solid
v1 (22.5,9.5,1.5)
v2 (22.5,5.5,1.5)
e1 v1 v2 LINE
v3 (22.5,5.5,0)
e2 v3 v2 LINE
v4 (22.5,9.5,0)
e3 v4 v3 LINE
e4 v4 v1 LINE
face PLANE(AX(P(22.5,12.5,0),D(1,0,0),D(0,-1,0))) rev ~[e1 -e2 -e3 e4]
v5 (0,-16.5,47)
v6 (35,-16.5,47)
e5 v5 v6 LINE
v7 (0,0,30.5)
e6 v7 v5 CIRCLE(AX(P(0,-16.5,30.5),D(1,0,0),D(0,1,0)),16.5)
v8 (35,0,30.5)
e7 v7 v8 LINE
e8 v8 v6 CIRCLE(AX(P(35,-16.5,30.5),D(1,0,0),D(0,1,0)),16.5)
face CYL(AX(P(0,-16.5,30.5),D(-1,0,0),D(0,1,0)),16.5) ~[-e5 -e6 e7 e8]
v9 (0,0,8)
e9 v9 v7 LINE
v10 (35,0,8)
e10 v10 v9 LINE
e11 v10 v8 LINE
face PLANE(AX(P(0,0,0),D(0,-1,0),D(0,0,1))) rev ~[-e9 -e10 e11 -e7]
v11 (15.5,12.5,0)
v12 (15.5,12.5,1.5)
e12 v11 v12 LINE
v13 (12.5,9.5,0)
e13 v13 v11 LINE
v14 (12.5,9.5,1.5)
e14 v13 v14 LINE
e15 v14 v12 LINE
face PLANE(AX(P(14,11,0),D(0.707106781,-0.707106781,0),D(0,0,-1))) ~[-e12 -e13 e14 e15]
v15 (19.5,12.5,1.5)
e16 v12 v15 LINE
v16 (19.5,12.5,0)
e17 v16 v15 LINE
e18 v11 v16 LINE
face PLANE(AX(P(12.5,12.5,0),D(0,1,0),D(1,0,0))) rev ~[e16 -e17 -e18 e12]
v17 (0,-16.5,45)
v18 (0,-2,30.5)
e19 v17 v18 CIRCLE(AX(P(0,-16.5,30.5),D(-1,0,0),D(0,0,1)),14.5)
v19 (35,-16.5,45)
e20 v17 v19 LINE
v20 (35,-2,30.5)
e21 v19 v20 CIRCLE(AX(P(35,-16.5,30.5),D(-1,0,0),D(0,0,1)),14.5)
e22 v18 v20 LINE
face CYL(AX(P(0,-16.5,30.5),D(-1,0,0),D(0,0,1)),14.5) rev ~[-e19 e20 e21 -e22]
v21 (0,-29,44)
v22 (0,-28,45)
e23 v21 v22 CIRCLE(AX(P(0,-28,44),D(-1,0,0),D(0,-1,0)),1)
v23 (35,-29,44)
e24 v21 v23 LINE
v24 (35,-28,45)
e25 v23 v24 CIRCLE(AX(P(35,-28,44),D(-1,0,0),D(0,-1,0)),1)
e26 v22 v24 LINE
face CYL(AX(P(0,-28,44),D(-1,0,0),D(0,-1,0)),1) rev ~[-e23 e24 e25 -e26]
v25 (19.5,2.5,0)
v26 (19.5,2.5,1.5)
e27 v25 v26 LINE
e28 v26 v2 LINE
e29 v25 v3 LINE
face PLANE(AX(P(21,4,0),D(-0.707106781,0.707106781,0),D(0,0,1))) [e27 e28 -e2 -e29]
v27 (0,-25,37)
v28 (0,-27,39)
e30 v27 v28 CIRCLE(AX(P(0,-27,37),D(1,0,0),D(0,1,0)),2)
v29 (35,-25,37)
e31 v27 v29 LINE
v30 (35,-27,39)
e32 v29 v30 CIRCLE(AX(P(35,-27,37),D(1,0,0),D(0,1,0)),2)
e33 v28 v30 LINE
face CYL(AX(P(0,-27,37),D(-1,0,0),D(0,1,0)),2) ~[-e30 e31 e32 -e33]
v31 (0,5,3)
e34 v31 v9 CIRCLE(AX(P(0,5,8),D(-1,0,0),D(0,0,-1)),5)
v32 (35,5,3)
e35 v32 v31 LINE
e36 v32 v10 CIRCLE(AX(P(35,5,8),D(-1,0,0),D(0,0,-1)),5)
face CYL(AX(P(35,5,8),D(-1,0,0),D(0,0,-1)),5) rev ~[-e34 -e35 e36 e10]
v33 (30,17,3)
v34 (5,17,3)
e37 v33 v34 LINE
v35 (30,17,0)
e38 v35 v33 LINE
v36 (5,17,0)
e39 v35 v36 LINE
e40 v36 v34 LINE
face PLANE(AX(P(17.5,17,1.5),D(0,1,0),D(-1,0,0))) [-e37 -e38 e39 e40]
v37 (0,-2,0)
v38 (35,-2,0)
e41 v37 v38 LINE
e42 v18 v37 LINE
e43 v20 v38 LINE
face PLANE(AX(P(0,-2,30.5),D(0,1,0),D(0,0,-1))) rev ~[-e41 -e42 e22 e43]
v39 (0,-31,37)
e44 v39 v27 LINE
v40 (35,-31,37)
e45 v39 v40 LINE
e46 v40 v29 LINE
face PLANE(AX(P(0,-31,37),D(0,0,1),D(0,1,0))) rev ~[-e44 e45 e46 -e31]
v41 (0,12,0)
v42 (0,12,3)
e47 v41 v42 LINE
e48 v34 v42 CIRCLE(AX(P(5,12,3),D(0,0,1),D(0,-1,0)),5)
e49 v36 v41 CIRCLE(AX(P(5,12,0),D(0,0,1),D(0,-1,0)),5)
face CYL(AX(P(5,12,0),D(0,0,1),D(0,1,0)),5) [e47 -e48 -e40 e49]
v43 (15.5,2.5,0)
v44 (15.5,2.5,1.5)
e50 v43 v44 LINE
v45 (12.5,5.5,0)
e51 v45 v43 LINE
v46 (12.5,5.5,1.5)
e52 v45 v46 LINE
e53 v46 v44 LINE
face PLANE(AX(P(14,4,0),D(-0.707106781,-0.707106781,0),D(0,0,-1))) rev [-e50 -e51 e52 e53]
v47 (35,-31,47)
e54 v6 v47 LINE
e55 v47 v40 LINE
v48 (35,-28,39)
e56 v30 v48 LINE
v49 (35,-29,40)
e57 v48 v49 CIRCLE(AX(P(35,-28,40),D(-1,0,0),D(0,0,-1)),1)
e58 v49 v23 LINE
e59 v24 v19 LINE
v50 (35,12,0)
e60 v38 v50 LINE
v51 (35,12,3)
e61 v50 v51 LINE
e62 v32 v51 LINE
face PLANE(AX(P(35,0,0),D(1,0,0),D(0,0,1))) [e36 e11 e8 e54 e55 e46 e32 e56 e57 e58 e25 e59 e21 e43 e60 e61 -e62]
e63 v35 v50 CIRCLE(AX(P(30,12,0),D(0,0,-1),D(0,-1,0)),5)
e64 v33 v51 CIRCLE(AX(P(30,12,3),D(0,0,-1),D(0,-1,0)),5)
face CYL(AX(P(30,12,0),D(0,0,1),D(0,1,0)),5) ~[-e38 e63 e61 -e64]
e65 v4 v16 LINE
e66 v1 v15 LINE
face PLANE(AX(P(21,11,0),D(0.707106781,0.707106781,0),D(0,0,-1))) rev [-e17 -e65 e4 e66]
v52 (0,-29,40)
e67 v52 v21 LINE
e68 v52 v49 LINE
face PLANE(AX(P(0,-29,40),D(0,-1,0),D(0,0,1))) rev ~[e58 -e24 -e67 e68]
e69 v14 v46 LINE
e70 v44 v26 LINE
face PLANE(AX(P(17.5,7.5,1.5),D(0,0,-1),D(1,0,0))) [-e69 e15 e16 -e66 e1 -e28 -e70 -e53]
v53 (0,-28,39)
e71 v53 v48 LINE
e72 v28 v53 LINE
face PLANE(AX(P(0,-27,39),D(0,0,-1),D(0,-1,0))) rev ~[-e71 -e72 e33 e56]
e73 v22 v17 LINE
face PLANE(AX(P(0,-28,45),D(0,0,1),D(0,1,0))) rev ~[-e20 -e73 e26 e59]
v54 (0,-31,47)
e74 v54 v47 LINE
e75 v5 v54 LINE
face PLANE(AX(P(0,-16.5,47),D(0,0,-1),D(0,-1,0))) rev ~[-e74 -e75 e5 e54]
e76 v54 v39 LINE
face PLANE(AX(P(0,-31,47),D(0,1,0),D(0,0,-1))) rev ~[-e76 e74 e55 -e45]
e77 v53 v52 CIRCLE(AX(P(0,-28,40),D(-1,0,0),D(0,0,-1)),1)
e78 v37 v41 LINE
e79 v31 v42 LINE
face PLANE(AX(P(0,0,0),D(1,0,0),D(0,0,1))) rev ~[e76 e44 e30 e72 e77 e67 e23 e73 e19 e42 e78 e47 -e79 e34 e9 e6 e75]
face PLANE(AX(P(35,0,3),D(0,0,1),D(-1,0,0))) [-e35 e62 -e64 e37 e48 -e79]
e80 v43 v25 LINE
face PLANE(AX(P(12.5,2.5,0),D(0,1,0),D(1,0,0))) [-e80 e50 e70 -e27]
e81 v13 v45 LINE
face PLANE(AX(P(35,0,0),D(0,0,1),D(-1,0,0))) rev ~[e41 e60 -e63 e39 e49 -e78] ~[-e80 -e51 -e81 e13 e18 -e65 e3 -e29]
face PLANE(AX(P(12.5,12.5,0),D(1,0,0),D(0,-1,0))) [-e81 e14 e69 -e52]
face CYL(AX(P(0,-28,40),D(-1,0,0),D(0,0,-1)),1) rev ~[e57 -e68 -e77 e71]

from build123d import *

# Parameters (mm, degrees)
F1_DEPTH = 35
F2_W     = 35
F2_H     = 3
F3_DEPTH = 17
F4_W     = 10
F4_H     = 10
F5_DEPTH = 1.5
F6_SIZE  = 3
F7_R     = 5


with BuildPart() as f1:
    # F0 (on Right) → F1 (new body)
    with BuildSketch(Plane.YZ):
        with BuildLine():
            ThreePointArc((-29, 44), (-28.7071067812, 44.7071067812), (-28, 45))
            Line((-28, 45), (-16.5, 45))
            ThreePointArc((-16.5, 45), (-6.2469516728, 40.7530483272), (-2, 30.5))
            Line((-2, 30.5), (-2, 0))
            Line((-2, 0), (0, 0))
            Line((0, 0), (0, 30.5))
            ThreePointArc((0, 30.5), (-4.8327381104, 42.1672618896), (-16.5, 47))
            Line((-16.5, 47), (-31, 47))
            Line((-31, 47), (-31, 37))
            Line((-31, 37), (-25, 37))
            ThreePointArc((-25, 37), (-25.5857864376, 38.4142135624), (-27, 39))
            Line((-27, 39), (-28, 39))
            ThreePointArc((-28, 39), (-28.7071067812, 39.2928932188), (-29, 40))
            Line((-29, 40), (-29, 44))
        make_face()
    extrude(amount=F1_DEPTH)

    # F2 (on face) → F3 (join)
    with BuildSketch(Plane(origin=(0, 0, 0), x_dir=(-1, 0, 0), z_dir=(0, 1, 0))):
        with Locations((-17.5, 1.5)):
            Rectangle(F2_W, F2_H)
    extrude(amount=F3_DEPTH)

    # F4 (on face) → F5 (cut)
    with BuildSketch(Plane(origin=(0, 0, 0), x_dir=(1, 0, 0), z_dir=(0, 0, -1))):
        with Locations((17.5, -7.5)):
            Rectangle(F4_W, F4_H)
    extrude(amount=-F5_DEPTH, mode=Mode.SUBTRACT)

    # F6
    f6_edges = [f1.edges().sort_by_distance(p)[0] for p in [
        (22.5, 2.5, 0.75),
        (22.5, 12.5, 0.75),
        (12.5, 12.5, 0.75),
        (12.5, 2.5, 0.75),
    ]]
    chamfer(f6_edges, length=F6_SIZE)

    # F7
    f7_edges = [f1.edges().sort_by_distance(p)[0] for p in [
        (0, 17, 1.5),
        (35, 17, 1.5),
        (17.5, 0, 3),
    ]]
    fillet(f7_edges, radius=F7_R)


solid = f1.part
